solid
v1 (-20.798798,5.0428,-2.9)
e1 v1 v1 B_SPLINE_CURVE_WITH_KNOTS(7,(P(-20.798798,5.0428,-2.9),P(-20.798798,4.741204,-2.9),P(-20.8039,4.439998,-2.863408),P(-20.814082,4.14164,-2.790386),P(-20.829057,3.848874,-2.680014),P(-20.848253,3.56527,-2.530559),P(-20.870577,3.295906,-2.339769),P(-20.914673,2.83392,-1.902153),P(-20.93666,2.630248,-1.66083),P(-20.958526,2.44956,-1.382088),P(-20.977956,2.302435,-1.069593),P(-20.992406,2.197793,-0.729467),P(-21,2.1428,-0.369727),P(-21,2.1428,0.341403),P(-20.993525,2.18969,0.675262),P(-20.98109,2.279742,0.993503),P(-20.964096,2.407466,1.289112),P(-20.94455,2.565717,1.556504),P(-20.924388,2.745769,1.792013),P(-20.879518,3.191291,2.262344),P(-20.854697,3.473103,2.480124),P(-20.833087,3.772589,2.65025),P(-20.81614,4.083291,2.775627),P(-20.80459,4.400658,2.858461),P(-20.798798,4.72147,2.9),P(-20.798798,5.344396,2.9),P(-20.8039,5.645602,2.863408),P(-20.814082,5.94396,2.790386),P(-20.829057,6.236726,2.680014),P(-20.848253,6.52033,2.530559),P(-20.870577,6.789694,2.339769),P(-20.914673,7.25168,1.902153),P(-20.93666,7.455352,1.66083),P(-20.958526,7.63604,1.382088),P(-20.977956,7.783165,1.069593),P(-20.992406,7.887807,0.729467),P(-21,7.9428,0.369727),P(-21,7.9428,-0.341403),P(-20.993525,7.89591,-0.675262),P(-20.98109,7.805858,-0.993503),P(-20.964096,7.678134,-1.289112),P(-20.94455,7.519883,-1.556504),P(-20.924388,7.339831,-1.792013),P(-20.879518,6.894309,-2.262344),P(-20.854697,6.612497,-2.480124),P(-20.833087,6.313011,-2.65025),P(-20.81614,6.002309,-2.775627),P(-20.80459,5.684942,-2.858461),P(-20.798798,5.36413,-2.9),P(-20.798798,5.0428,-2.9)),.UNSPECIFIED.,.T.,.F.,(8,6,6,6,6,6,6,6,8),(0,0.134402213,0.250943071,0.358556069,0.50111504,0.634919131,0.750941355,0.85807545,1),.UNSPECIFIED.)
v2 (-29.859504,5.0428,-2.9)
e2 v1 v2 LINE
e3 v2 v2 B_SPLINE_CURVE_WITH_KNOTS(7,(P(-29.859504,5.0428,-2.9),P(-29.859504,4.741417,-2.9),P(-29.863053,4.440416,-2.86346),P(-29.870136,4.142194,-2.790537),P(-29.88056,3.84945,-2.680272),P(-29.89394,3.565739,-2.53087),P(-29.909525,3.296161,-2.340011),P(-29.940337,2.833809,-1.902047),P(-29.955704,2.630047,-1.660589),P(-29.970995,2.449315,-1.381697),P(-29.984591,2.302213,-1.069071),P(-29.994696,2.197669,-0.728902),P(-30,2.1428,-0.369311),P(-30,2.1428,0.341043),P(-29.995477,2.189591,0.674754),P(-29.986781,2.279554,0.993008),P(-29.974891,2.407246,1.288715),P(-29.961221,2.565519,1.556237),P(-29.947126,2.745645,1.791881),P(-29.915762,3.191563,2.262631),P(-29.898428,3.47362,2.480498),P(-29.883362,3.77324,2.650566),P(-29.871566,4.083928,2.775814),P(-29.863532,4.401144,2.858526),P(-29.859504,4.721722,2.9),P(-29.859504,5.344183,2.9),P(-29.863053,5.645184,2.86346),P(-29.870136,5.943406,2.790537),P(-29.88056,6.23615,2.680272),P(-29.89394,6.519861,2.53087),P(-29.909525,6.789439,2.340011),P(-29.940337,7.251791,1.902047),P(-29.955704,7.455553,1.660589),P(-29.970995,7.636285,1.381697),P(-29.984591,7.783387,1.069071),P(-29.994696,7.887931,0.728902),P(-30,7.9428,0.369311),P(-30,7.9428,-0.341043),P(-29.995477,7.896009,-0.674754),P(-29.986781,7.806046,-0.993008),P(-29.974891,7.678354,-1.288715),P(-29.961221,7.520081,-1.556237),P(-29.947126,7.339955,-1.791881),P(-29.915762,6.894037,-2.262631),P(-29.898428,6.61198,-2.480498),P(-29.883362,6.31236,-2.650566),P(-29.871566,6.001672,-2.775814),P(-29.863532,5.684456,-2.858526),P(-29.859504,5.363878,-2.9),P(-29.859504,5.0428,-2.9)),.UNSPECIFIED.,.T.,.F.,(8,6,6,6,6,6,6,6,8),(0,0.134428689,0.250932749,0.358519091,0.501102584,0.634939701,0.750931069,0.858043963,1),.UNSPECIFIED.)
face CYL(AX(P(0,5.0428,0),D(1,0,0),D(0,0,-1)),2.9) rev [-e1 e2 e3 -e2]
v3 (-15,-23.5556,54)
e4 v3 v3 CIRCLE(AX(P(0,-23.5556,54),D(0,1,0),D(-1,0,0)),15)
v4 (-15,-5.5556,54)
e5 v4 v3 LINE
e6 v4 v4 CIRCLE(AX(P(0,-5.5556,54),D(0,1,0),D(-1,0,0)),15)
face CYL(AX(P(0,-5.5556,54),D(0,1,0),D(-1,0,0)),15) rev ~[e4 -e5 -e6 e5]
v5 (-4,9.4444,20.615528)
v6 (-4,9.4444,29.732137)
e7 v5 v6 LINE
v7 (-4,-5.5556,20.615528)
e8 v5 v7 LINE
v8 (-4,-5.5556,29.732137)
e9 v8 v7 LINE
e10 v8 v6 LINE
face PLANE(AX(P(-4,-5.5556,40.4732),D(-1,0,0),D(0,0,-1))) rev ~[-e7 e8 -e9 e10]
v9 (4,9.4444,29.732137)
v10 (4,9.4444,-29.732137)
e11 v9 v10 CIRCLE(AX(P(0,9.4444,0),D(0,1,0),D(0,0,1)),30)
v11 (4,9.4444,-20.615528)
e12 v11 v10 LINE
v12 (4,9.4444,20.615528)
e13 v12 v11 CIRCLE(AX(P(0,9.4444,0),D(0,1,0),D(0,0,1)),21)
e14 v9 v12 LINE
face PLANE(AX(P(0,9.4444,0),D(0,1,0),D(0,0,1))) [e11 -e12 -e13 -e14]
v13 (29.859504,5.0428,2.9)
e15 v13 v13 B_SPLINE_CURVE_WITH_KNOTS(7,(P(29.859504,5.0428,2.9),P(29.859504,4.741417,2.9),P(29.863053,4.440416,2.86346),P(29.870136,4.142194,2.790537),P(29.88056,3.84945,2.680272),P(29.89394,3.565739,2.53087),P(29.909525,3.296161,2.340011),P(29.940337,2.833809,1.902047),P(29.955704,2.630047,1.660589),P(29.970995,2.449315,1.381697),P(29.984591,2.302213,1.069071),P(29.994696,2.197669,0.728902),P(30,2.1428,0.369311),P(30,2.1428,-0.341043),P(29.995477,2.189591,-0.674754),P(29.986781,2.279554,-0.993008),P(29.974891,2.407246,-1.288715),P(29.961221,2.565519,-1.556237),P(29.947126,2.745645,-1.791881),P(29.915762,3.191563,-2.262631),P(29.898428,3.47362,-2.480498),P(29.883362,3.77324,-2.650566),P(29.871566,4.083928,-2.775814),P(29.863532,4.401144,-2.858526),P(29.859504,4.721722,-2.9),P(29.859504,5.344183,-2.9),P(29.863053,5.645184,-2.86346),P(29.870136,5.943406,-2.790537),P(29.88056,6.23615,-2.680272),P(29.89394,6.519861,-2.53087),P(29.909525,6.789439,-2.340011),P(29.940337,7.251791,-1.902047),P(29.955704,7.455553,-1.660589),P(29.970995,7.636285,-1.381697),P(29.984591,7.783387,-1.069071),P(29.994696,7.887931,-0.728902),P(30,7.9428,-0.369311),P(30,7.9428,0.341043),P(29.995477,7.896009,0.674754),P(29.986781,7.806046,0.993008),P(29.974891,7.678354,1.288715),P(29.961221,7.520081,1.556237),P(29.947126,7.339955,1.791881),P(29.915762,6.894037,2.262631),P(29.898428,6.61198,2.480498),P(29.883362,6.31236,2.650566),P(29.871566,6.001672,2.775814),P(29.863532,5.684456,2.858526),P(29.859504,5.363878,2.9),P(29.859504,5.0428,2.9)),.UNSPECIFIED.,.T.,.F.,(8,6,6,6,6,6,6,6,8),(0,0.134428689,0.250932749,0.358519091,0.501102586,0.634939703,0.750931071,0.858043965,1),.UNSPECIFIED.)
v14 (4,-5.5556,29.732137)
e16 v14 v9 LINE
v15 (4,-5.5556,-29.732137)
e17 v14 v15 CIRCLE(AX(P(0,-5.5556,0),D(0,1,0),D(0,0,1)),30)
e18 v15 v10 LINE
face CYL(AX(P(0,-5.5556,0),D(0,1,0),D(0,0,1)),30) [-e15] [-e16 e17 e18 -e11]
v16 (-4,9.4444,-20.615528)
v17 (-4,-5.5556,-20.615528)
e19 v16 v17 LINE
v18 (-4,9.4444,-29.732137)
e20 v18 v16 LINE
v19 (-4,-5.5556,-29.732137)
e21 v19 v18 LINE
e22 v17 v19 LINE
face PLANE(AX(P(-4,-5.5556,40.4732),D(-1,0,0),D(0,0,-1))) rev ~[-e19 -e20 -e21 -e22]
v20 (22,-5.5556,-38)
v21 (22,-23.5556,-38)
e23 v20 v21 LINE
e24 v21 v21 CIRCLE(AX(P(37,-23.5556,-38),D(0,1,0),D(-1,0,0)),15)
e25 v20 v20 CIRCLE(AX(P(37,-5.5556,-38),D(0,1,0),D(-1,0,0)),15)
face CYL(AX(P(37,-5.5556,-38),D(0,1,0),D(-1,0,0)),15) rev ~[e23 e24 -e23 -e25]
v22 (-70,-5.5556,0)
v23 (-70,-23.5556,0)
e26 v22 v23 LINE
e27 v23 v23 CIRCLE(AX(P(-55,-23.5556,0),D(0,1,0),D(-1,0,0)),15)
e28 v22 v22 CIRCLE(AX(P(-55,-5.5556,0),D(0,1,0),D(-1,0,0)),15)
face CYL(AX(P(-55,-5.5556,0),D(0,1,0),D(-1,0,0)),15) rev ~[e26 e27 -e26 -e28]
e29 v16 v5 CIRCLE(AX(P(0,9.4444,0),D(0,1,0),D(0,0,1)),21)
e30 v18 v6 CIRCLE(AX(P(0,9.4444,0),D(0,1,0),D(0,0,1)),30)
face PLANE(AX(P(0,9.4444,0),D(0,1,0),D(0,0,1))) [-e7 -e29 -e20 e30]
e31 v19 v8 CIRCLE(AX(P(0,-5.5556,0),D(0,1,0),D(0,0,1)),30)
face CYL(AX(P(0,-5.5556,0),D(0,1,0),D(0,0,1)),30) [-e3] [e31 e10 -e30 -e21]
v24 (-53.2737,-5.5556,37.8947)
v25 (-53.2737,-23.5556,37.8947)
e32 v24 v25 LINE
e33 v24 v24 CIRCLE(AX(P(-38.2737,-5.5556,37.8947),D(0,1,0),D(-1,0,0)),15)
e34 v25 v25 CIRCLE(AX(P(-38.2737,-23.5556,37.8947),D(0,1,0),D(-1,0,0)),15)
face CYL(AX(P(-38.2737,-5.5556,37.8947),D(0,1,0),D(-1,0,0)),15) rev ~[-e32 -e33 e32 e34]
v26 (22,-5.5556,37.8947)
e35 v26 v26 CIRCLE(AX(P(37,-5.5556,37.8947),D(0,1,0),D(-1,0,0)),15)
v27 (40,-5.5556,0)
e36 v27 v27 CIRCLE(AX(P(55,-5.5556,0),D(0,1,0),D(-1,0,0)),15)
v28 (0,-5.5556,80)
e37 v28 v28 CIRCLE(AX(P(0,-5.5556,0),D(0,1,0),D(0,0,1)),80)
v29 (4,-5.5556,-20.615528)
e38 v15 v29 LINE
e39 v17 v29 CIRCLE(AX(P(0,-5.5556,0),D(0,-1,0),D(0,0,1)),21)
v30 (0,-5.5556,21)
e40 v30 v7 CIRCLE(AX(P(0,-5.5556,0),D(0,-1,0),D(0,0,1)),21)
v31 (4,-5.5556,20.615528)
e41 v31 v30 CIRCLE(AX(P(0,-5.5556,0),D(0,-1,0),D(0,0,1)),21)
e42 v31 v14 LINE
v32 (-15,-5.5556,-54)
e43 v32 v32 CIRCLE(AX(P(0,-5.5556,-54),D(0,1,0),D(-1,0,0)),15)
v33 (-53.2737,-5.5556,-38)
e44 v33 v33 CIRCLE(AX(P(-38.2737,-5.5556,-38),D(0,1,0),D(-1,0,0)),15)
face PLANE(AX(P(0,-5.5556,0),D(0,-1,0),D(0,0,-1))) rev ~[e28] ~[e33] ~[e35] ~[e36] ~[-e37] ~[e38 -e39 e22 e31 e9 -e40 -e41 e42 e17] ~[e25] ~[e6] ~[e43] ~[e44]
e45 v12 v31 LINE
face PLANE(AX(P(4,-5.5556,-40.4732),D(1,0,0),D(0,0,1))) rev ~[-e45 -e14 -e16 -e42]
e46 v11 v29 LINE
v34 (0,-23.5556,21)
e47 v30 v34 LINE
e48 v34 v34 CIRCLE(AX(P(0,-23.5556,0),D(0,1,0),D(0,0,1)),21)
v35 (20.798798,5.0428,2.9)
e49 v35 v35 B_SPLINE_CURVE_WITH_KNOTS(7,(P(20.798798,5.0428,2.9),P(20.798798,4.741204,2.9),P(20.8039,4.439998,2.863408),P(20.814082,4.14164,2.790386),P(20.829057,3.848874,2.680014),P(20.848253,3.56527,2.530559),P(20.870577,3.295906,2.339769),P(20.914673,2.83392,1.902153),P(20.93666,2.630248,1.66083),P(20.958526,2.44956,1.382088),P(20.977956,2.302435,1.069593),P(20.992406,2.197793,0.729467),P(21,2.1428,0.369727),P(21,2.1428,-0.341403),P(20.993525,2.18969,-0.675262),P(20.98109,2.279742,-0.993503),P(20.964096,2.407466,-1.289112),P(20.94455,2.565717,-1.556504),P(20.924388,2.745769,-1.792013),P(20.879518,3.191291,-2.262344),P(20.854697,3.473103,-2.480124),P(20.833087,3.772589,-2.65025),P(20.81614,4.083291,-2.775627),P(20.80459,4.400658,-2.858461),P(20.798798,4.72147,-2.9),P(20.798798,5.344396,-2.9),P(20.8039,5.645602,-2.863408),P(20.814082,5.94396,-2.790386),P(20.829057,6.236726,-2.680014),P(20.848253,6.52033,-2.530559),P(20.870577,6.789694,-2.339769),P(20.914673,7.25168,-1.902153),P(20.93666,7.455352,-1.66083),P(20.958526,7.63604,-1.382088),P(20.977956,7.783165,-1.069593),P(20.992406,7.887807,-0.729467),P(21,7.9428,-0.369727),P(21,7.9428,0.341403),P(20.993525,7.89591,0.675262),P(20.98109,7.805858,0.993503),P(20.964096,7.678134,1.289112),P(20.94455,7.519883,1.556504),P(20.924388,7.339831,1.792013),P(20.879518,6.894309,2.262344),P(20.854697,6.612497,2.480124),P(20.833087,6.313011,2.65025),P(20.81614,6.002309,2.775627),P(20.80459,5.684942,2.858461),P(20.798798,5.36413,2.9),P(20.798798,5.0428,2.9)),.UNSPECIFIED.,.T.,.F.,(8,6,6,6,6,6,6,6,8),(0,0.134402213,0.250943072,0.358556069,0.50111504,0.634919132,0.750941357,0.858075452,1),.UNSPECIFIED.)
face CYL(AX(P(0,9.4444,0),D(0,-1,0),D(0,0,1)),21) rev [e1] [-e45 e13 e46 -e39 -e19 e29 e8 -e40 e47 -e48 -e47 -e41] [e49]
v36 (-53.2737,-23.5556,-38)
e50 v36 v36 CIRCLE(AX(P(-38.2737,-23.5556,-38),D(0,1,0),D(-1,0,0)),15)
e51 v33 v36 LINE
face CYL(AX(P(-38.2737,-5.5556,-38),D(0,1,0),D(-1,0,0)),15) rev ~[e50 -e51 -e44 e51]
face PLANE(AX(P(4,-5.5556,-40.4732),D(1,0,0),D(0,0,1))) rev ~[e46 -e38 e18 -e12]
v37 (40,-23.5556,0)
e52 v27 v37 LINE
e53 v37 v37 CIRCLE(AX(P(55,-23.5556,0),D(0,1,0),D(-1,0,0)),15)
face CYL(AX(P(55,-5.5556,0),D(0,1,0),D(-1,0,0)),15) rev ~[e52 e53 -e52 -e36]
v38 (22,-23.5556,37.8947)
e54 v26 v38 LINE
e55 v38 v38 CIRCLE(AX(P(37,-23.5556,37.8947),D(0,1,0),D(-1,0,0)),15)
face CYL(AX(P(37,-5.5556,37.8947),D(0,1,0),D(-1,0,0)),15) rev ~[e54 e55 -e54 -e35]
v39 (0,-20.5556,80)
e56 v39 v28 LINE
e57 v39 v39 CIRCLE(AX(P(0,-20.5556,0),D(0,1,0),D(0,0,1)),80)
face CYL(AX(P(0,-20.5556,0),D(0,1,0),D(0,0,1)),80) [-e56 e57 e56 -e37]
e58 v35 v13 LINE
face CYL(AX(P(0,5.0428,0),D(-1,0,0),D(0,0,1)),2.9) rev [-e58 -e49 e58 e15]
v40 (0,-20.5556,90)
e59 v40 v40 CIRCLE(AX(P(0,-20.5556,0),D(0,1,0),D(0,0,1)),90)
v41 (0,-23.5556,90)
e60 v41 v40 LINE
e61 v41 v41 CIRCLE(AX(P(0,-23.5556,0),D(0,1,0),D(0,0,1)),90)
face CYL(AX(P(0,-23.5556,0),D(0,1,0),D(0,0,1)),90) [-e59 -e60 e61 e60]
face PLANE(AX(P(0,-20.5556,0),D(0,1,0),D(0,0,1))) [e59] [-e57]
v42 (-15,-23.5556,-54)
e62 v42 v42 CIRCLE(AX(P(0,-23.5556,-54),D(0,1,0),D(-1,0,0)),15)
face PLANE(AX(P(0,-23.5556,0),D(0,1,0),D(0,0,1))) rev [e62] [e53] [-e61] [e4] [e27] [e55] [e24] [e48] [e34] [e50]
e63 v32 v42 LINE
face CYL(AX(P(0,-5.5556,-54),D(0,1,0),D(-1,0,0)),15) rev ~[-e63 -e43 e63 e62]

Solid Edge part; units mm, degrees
sketch "Sketch1" plane through (0, 0, 0) normal (1, 0, 0) x (0, 1, 0)
  line L0 (-23.5556, 21) -> (-23.5556, 90)
  line L1 (-23.5556, 90) -> (-20.5556, 90)
  line L2 (-20.5556, 90) -> (-20.5556, 80)
  line L3 (-20.5556, 80) -> (-5.5556, 80)
  line L4 (-5.5556, 80) -> (-5.5556, 30)
  line L5 (-5.5556, 30) -> (9.4444, 30)
  line L6 (9.4444, 30) -> (9.4444, 21)
  line L7 (9.4444, 21) -> (-23.5556, 21)
  dimension "D1" = 3
  dimension "D2" = 15
  dimension "D3" = 15
  dimension "D4" = 21
  dimension "D5" = 10
  dimension "D6" = 50
  dimension "D7" = 80
revolve "RevolvedProtrusion1" add sketch "Sketch1" angle 360 about axis through (0, -60, 0) along (0, 1, 0)
sketch "Sketch2" plane through (0, -5.5556, 0) normal (0, 1, 0) x (-1, 0, 0)
  line L0 (-4, 40.4732) -> (4, 40.4732)
  line L1 (4, 40.4732) -> (4, -40.4732)
  line L2 (4, -40.4732) -> (-4, -40.4732)
  line L3 (-4, -40.4732) -> (-4, 40.4732)
  dimension "D1" = 8
  dimension "D2" = 80.9463
  dimension "D3" = 4
extrude "Cutout1" cut sketch "Sketch2" along normal blind 383.6956
hole "Hole_2" at (0, 5.0428, 0) direction (1, 0, 0) diameter 5.8 end up to next
hole "Hole_3" at (0, 5.0428, 0) direction (-1, 0, 0) diameter 5.8 end up to next
sketch "Sketch3" plane through (0, -5.5556, 0) normal (0, 1, 0) x (-1, 0, 0)
  circle A0 centre (0, -54) radius 15
  circle A1 centre (0, 54) radius 15
  circle A2 centre (38.2737, -38) radius 15
  circle A3 centre (38.2737, 37.8947) radius 15
  circle A4 centre (-37, 37.8947) radius 15
  circle A5 centre (-37, -38) radius 15
  circle A6 centre (-55, 0) radius 15
  circle A7 centre (55, 0) radius 15
  dimension "D1" = 55
  dimension "D2" = 55
  dimension "D3" = 37
  dimension "D4" = 38
extrude "ExtrudedCutout_6" cut sketch "Sketch3" against normal blind 135.9253
